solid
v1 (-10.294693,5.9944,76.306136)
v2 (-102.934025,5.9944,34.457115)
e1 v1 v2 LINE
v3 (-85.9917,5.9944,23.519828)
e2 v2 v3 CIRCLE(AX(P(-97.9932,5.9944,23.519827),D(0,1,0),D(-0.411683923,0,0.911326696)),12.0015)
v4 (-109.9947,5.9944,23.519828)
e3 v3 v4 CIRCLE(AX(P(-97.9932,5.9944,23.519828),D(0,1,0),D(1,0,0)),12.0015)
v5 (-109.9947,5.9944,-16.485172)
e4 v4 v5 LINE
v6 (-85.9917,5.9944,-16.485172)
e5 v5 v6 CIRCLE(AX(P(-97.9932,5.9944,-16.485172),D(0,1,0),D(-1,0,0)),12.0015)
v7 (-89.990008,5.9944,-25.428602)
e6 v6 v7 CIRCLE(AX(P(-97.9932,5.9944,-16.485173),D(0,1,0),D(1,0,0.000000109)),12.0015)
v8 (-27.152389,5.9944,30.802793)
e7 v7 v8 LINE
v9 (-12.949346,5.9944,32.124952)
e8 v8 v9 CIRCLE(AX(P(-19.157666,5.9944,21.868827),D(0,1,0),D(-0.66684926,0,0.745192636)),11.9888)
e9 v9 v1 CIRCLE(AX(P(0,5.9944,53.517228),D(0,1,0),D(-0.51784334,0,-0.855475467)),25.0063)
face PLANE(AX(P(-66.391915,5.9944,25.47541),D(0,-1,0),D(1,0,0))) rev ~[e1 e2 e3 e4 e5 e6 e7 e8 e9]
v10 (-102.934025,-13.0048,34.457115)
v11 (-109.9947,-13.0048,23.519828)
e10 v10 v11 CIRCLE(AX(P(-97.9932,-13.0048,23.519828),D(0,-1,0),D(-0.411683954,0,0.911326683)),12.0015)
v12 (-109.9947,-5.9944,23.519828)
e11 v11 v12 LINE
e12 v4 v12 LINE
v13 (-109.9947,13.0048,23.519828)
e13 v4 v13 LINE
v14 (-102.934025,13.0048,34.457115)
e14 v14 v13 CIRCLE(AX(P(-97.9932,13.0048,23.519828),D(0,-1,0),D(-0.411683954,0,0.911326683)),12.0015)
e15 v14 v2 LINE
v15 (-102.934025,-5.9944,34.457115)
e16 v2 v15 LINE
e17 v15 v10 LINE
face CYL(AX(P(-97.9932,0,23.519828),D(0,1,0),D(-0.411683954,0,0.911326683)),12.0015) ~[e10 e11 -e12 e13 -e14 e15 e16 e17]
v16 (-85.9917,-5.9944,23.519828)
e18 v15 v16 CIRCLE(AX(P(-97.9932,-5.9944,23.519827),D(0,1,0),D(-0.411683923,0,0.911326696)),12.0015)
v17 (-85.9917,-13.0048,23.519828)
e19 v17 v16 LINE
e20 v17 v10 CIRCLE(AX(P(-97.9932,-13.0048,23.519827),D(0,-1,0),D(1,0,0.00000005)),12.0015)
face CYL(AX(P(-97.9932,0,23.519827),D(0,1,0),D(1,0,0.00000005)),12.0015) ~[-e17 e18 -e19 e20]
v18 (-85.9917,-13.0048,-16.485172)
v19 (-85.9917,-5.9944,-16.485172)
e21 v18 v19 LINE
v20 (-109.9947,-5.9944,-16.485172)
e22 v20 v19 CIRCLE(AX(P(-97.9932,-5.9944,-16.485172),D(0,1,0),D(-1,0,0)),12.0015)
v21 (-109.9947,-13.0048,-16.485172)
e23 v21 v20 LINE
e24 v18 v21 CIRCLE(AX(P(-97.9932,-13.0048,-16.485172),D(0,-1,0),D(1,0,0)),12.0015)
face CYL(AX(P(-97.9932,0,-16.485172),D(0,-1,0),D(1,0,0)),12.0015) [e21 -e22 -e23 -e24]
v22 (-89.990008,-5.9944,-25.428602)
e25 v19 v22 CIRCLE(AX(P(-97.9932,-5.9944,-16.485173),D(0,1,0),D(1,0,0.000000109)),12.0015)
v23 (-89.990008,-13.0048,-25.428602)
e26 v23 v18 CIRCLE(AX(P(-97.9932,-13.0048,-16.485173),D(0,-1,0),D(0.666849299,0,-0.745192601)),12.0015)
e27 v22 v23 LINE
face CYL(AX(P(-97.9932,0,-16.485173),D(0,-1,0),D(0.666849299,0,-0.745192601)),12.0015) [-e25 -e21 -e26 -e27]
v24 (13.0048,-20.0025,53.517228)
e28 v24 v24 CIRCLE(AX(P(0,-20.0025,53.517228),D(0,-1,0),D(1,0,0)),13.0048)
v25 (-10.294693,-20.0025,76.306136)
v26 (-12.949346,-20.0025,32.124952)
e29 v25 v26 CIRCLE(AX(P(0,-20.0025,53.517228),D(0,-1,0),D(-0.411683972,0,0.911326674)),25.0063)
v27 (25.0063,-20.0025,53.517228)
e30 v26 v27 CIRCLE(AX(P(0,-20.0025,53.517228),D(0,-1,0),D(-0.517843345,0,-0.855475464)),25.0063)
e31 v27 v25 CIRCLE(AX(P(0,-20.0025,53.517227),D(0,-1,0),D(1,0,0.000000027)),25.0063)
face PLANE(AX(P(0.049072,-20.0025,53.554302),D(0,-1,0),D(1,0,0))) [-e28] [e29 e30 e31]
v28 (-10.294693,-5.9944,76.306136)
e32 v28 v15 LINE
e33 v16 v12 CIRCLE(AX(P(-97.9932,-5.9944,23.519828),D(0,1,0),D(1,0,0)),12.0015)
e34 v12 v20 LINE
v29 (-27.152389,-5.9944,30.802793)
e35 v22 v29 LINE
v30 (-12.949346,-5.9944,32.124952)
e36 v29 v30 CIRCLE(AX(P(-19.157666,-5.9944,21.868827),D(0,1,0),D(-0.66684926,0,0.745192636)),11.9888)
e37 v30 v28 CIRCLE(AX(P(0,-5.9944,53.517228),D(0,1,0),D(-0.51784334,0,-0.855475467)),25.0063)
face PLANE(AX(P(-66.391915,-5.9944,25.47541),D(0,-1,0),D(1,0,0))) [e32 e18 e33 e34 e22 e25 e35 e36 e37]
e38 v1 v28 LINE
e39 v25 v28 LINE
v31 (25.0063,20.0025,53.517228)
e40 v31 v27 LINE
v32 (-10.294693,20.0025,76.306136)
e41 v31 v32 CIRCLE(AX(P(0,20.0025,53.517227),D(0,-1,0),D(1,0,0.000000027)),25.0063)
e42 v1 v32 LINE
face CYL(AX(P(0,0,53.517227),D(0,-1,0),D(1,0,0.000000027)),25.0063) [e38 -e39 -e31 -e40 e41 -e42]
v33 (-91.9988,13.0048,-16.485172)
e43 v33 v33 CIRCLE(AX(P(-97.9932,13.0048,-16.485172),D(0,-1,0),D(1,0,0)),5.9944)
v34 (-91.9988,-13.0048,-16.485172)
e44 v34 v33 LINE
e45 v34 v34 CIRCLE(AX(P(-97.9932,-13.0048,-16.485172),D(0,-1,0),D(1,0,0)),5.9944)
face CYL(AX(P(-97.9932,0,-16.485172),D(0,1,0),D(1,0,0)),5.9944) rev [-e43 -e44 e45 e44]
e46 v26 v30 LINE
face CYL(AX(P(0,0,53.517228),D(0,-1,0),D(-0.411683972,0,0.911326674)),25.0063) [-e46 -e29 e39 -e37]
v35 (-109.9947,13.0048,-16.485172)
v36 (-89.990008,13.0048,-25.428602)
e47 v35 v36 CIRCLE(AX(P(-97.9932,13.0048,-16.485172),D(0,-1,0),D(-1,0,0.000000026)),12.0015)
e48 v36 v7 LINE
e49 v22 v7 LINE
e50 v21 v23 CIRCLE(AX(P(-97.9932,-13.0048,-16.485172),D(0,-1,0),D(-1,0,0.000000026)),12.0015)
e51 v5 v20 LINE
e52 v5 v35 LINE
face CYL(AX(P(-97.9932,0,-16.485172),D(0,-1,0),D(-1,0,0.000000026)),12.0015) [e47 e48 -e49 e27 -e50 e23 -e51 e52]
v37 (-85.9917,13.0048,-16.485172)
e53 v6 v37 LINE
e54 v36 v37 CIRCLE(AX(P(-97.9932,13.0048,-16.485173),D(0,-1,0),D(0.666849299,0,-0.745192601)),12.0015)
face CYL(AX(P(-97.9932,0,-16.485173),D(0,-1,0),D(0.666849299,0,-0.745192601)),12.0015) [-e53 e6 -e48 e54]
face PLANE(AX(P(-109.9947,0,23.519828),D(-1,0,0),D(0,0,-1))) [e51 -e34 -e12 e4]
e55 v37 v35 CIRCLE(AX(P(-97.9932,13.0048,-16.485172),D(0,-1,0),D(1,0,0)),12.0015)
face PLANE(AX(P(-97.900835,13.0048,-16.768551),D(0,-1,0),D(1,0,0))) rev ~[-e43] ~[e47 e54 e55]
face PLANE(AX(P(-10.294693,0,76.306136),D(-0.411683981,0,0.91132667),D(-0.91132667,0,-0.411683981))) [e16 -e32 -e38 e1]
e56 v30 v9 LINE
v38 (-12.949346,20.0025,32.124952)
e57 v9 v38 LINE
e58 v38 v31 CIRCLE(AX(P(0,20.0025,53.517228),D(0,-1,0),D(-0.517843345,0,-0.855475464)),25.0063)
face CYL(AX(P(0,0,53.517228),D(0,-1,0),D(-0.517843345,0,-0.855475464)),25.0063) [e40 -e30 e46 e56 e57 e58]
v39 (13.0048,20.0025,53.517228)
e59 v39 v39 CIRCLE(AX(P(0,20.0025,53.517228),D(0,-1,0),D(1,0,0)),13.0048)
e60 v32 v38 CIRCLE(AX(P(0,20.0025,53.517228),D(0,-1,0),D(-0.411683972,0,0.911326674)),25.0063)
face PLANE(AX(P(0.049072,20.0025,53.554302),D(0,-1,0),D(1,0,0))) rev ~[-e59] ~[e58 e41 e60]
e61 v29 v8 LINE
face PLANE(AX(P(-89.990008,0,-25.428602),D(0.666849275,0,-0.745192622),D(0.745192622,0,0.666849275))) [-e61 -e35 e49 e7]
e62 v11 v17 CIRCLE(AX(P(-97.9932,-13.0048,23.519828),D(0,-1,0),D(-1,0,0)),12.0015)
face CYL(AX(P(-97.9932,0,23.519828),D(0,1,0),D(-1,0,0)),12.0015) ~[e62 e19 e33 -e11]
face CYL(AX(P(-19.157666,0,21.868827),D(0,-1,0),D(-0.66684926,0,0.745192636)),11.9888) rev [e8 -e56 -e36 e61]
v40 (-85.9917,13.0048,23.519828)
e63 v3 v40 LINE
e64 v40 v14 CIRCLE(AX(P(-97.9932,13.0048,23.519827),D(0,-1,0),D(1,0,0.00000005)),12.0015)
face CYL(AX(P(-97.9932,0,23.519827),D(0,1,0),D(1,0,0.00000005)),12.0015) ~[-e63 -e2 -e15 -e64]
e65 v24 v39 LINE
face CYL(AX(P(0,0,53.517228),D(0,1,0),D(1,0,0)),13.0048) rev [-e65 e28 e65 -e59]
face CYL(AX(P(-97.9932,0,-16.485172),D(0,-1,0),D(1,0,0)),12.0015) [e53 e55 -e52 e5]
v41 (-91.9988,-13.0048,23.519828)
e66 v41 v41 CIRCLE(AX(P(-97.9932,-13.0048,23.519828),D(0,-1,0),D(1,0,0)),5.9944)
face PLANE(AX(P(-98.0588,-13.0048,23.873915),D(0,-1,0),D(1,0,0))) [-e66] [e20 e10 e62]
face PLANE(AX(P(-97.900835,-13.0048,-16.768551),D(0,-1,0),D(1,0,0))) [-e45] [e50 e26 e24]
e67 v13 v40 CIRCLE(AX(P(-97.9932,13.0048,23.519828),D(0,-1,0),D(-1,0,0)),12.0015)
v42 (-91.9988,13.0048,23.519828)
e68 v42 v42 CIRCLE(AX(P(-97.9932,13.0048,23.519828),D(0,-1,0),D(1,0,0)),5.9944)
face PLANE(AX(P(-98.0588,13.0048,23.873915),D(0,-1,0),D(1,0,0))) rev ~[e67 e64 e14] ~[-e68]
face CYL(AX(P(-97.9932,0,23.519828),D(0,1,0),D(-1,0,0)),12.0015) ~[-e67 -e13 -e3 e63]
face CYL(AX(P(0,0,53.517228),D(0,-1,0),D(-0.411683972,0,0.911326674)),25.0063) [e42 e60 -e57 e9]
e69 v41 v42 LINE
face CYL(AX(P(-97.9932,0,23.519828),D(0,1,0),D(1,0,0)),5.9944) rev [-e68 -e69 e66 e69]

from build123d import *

# Parameters (mm, degrees)
F1_DEPTH = 5.9944
F0_R     = 13.0048
F2_DEPTH = 20.0025
F0_R_2   = 5.9944
F3_DEPTH = 13.0048


with BuildPart() as f1:
    # F0 (on Front) → F1 (new body, symmetric)
    with BuildSketch(Plane.XZ):
        with BuildLine():
            ThreePointArc((-12.949346, 32.124952), (-24.961282, 55.017041), (-10.294693, 76.306136))
            Line((-10.294693, 76.306136), (-102.934025, 34.457115))
            ThreePointArc((-102.934025, 34.457115), (-91.484026, 33.602816), (-85.9917, 23.519828))
            ThreePointArc((-85.9917, 23.519828), (-97.9932, 11.518328), (-109.9947, 23.519828))
            Line((-109.9947, 23.519828), (-109.9947, -16.485172))
            ThreePointArc((-109.9947, -16.485172), (-97.9932, -4.483672), (-85.9917, -16.485172))
            ThreePointArc((-85.9917, -16.485172), (-87.036779, -21.383422), (-89.990008, -25.428602))
            Line((-89.990008, -25.428602), (-27.152389, 30.802793))
            ThreePointArc((-27.152389, 30.802793), (-20.268898, 33.806017), (-12.949346, 32.124952))
        make_face()
    extrude(amount=F1_DEPTH, both=True)

    # F0 (on Front) → F2 (join, symmetric)
    with BuildSketch(Plane.XZ):
        with BuildLine():
            ThreePointArc((-12.949346, 32.124952), (12.278025, 31.732712), (25.0063, 53.517228))
            ThreePointArc((25.0063, 53.517228), (13.562501, 74.526121), (-10.294693, 76.306136))
            ThreePointArc((-10.294693, 76.306136), (-24.961282, 55.017041), (-12.949346, 32.124952))
        make_face()
        with Locations((0, 53.517228)):
            Circle(F0_R, mode=Mode.SUBTRACT)
    extrude(amount=F2_DEPTH, both=True)

    # F0 (on Front) → F3 (join, symmetric)
    with BuildSketch(Plane.XZ):
        with BuildLine():
            ThreePointArc((-85.9917, 23.519828), (-91.484026, 33.602816), (-102.934025, 34.457115))
            ThreePointArc((-102.934025, 34.457115), (-108.076189, 30.029001), (-109.9947, 23.519828))
            ThreePointArc((-109.9947, 23.519828), (-97.9932, 11.518328), (-85.9917, 23.519828))
        make_face()
        with Locations((-97.9932, 23.519828)):
            Circle(F0_R_2, mode=Mode.SUBTRACT)
        with BuildLine():
            ThreePointArc((-109.9947, -16.485172), (-102.89145, -27.441593), (-89.990008, -25.428602))
            ThreePointArc((-89.990008, -25.428602), (-87.036779, -21.383422), (-85.9917, -16.485172))
            ThreePointArc((-85.9917, -16.485172), (-97.9932, -4.483672), (-109.9947, -16.485172))
        make_face()
        with Locations((-97.9932, -16.485172)):
            Circle(F0_R_2, mode=Mode.SUBTRACT)
    extrude(amount=F3_DEPTH, both=True)


solid = f1.part
